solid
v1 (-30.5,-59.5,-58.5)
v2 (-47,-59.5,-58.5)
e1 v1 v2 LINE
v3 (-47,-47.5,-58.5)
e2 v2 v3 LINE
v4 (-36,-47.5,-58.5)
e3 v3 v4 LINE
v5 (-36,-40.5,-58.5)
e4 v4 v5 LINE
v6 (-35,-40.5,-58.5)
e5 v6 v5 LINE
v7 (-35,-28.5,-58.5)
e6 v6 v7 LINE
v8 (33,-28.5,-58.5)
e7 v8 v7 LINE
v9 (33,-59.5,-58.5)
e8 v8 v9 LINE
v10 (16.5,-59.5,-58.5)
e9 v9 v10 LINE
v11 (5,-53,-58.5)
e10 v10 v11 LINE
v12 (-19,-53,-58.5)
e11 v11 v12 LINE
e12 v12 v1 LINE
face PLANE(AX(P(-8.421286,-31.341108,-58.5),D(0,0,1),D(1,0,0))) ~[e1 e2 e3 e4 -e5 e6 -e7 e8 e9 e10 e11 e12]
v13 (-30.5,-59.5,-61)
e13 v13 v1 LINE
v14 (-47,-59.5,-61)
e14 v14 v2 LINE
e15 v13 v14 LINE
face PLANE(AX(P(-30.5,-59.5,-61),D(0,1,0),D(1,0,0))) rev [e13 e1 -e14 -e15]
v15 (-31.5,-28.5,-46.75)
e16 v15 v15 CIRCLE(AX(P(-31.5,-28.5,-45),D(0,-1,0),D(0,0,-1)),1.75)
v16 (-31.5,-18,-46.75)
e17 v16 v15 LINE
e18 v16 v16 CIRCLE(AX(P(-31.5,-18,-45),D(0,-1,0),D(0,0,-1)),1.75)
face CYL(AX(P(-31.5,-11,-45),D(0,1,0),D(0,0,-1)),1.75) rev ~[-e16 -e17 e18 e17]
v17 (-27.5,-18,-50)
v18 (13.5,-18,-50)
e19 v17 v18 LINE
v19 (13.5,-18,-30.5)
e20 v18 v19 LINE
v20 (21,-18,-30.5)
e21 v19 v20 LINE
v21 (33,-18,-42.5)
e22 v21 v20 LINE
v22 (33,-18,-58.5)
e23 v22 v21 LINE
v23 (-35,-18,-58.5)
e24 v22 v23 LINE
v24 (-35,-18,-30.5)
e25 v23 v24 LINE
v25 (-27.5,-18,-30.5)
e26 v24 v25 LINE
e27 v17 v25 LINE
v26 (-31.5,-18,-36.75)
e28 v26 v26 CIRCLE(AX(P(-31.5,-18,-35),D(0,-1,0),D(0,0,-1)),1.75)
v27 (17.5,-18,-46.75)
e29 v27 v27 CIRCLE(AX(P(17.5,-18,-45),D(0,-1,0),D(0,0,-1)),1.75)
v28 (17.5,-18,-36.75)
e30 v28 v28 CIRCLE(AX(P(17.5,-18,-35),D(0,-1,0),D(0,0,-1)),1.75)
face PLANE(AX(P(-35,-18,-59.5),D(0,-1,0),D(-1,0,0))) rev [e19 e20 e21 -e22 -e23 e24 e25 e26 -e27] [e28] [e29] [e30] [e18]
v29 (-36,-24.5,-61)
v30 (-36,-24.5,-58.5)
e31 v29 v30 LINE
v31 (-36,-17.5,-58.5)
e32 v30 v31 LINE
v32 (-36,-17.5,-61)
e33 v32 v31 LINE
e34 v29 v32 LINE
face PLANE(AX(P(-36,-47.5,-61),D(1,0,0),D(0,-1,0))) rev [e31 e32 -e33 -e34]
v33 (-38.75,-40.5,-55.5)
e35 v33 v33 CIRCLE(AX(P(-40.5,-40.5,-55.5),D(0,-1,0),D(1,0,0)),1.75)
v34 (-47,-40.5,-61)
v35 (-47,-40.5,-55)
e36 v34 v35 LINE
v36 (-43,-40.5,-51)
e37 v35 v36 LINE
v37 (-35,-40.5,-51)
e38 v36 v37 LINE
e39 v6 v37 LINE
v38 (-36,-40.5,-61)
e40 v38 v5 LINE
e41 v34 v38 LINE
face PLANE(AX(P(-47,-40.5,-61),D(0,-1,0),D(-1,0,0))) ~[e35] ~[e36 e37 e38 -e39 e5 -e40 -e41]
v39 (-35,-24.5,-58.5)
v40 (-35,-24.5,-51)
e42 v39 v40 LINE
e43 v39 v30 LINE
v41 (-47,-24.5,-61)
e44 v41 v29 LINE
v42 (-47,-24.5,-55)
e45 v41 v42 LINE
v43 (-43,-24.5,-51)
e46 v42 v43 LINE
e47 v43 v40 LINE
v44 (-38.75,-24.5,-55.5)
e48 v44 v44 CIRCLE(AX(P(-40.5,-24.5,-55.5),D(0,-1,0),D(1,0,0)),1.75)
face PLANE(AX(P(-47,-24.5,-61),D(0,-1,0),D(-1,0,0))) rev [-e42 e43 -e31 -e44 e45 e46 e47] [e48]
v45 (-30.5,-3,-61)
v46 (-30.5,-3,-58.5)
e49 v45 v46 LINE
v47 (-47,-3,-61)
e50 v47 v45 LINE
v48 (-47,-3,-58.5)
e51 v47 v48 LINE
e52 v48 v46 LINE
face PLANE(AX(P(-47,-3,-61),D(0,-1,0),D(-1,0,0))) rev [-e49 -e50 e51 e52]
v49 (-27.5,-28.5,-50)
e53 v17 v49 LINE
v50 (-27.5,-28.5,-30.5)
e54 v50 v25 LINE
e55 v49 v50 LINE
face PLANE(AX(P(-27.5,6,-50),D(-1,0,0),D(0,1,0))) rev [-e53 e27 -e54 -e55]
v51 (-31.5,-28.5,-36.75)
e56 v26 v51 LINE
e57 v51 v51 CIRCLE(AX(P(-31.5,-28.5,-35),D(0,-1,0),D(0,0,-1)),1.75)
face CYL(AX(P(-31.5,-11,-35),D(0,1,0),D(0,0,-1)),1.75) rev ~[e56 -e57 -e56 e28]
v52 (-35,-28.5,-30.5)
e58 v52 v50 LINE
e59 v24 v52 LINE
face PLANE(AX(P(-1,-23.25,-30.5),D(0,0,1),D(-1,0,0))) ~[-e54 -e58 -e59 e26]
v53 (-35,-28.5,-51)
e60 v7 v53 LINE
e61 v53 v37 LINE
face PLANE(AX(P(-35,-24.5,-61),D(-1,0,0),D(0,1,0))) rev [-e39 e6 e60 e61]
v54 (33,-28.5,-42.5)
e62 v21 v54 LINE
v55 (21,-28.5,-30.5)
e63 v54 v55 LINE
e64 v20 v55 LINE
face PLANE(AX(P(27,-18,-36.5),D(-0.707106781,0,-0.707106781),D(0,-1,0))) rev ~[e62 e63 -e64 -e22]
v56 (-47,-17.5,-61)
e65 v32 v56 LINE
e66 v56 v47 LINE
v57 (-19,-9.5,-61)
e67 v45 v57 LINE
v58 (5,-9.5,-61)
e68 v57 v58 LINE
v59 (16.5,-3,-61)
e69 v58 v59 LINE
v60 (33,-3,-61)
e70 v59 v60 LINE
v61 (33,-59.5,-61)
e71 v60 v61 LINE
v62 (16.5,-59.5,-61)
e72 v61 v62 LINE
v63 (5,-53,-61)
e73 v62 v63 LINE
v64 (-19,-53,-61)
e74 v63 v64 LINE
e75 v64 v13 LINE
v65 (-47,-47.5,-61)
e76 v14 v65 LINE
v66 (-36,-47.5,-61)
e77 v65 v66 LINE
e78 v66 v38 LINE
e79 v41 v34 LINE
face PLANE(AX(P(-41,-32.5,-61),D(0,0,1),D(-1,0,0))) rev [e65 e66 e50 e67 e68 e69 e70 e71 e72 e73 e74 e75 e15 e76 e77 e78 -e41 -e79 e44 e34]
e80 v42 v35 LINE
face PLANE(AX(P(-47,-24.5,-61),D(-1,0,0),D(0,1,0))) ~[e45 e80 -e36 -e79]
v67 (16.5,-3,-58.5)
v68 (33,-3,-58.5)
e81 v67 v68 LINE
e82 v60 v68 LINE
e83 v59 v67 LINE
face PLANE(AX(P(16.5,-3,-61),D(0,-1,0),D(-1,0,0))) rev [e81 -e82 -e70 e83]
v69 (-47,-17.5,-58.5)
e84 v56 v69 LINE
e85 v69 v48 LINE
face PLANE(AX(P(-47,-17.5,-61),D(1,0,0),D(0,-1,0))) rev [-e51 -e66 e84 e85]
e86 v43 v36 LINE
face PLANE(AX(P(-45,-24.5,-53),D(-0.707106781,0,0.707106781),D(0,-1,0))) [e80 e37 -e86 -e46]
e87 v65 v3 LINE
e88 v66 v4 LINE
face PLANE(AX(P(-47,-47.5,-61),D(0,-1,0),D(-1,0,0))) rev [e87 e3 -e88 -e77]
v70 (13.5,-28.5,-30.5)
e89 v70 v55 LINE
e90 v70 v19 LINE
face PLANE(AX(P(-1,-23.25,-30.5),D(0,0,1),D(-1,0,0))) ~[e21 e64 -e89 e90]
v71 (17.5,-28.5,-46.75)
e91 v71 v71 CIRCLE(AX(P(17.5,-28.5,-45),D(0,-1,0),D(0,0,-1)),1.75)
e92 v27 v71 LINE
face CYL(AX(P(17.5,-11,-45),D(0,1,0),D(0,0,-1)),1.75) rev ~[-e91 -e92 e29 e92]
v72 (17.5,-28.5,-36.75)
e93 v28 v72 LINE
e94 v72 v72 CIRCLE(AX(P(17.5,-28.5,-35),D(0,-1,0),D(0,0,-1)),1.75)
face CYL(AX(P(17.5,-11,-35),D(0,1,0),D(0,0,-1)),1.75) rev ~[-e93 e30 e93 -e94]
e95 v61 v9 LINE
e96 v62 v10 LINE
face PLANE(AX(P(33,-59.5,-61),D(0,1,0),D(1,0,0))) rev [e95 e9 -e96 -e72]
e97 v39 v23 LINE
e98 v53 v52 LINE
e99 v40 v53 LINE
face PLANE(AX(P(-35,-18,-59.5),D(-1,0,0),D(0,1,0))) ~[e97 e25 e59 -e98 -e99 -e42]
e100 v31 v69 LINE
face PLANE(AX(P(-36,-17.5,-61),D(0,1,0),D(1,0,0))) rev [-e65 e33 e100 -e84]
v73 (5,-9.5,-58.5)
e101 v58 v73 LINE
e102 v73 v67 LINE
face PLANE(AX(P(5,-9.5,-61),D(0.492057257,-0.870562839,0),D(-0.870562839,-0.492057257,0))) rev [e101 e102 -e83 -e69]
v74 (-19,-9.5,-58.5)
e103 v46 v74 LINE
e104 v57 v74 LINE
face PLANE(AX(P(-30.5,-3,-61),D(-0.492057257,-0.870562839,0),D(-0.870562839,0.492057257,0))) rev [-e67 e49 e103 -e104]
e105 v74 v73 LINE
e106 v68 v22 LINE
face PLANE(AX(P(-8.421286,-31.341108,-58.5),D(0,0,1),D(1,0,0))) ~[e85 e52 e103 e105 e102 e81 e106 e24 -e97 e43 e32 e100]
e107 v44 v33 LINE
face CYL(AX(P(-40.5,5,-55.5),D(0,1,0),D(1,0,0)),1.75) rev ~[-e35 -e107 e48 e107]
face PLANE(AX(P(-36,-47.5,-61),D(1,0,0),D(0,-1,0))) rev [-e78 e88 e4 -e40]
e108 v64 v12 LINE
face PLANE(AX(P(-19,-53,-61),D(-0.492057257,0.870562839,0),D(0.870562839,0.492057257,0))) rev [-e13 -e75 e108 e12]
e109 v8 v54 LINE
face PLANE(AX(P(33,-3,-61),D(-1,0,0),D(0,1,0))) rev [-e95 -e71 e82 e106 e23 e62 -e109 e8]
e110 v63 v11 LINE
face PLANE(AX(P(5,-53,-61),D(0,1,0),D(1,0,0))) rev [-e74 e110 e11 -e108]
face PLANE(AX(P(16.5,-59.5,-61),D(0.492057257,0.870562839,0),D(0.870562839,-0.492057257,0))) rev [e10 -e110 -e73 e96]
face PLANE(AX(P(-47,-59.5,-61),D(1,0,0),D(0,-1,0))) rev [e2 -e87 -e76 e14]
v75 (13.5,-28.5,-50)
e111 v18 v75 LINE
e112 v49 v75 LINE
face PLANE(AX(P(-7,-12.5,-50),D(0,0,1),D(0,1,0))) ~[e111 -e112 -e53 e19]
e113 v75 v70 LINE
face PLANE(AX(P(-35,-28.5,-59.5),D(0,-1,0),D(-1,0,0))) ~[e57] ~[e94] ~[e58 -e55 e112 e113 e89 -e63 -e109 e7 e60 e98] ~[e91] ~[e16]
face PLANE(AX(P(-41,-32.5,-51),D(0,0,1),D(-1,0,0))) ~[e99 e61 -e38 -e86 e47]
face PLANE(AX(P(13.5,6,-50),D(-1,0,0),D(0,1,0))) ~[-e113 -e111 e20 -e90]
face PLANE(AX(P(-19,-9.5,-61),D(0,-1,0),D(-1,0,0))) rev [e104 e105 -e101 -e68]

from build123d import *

# Parameters (mm, degrees)
CYLINDER016_R             = 1.75
CYLINDER016_DEPTH         = 70
CYLINDER016_ROLL_ANGLE    = -90
CYLINDER026_R             = 1.75
CYLINDER026_DEPTH         = 24.5
CYLINDER026_PITCH_ANGLE   = 90
CYLINDER027_R             = 3
CYLINDER027_DEPTH         = 21.5
CYLINDER027_PITCH_ANGLE   = 90
FUSION007_PITCH_ANGLE     = -90
FUSION007_PLACEMENT_ANGLE = -180
FUSION008_PITCH_ANGLE     = -90
FUSION008_PLACEMENT_ANGLE = -180
FUSION005_PITCH_ANGLE     = -90
FUSION005_PLACEMENT_ANGLE = -180
FUSION006_PITCH_ANGLE     = -90
FUSION006_PLACEMENT_ANGLE = -180
BOX021_W                  = 37
BOX021_H                  = 41
BOX021_DEPTH              = 25
BOX021_PITCH_ANGLE        = -90
BOX021_PLACEMENT_ANGLE    = -180
FUSION012_PITCH_ANGLE     = -90
FUSION012_PLACEMENT_ANGLE = -90
BOX007_W                  = 68
BOX007_H                  = 10.5
BOX007_DEPTH              = 29
CHAMFER_SIZE              = 12
BOX057_W                  = 12
BOX057_H                  = 16
BOX057_DEPTH              = 10
PAD005_DEPTH              = 2.5
CHAMFER009_SIZE           = 4


with BuildPart() as cylinder016:
    # Cylinder016 → Cylinder016 (new body)
    with BuildSketch(Plane.XY):
        Circle(CYLINDER016_R)
    extrude(amount=CYLINDER016_DEPTH)


with BuildPart() as cylinder016_1:
    # Cylinder016 roll: moved
    add(cylinder016.part.rotate(Axis((0, 0, 0), (1, 0, 0)), CYLINDER016_ROLL_ANGLE))


with BuildPart() as cylinder016_2:
    # Cylinder016 placement: moved
    add(cylinder016_1.part.moved(Location((-40.5, -5, -149.5))))


with BuildPart() as joint_d010:
    # Cylinder026 → Cylinder026 (new body)
    with BuildSketch(Plane.XY):
        Circle(CYLINDER026_R)
    extrude(amount=CYLINDER026_DEPTH)


with BuildPart() as joint_d010_1:
    # Cylinder026 pitch: moved
    add(joint_d010.part.rotate(Axis((0, 0, 0), (0, 1, 0)), CYLINDER026_PITCH_ANGLE))


with BuildPart() as joint_d010_2:
    # Cylinder026 placement: moved
    add(joint_d010_1.part.moved(Location((16, -24.5, 7))))


with BuildPart() as joint_d011:
    # Cylinder027 → Cylinder027 (new body)
    with BuildSketch(Plane.XY):
        Circle(CYLINDER027_R)
    extrude(amount=CYLINDER027_DEPTH)


with BuildPart() as joint_d011_1:
    # Cylinder027 pitch: moved
    add(joint_d011.part.rotate(Axis((0, 0, 0), (0, 1, 0)), CYLINDER027_PITCH_ANGLE))


with BuildPart() as joint_d011_2:
    # Cylinder027 placement: moved
    add(joint_d011_1.part.moved(Location((37, -24.5, 7))))


with BuildPart() as fusion007:
    # Fusion007 base: copy of Joint-D011
    add(joint_d011_2.part)

    # Fusion007: union Joint-D010
    add(joint_d010_2.part)


with BuildPart() as fusion007_1:
    # Fusion007 pitch: moved
    add(fusion007.part.rotate(Axis((0, 0, 0), (0, 1, 0)), FUSION007_PITCH_ANGLE))


with BuildPart() as fusion007_2:
    # Fusion007 placement: moved
    add(fusion007_1.part.moved(Location((-12, -39.5, 0))).rotate(Axis((-12, -39.5, 0), (0, 0, 1)), FUSION007_PLACEMENT_ANGLE))


with BuildPart() as fusion008:
    # Fusion008 base: copy of Joint-D011
    add(joint_d011_2.part)

    # Fusion008: union Joint-D010
    add(joint_d010_2.part)


with BuildPart() as fusion008_1:
    # Fusion008 pitch: moved
    add(fusion008.part.rotate(Axis((0, 0, 0), (0, 1, 0)), FUSION008_PITCH_ANGLE))


with BuildPart() as fusion008_2:
    # Fusion008 placement: moved
    add(fusion008_1.part.moved(Location((-2, -39.5, 0))).rotate(Axis((-2, -39.5, 0), (0, 0, 1)), FUSION008_PLACEMENT_ANGLE))


with BuildPart() as fusion005:
    # Fusion005 base: copy of Joint-D011
    add(joint_d011_2.part)

    # Fusion005: union Joint-D010
    add(joint_d010_2.part)


with BuildPart() as fusion005_1:
    # Fusion005 pitch: moved
    add(fusion005.part.rotate(Axis((0, 0, 0), (0, 1, 0)), FUSION005_PITCH_ANGLE))


with BuildPart() as fusion005_2:
    # Fusion005 placement: moved
    add(fusion005_1.part.moved(Location((-12, 9.5, 0))).rotate(Axis((-12, 9.5, 0), (0, 0, 1)), FUSION005_PLACEMENT_ANGLE))


with BuildPart() as fusion006:
    # Fusion006 base: copy of Joint-D011
    add(joint_d011_2.part)

    # Fusion006: union Joint-D010
    add(joint_d010_2.part)


with BuildPart() as fusion006_1:
    # Fusion006 pitch: moved
    add(fusion006.part.rotate(Axis((0, 0, 0), (0, 1, 0)), FUSION006_PITCH_ANGLE))


with BuildPart() as fusion006_2:
    # Fusion006 placement: moved
    add(fusion006_1.part.moved(Location((-2, 9.5, 0))).rotate(Axis((-2, 9.5, 0), (0, 0, 1)), FUSION006_PLACEMENT_ANGLE))


with BuildPart() as fusion012:
    # Box021 → Box021 (new body)
    with BuildSketch(Plane.XY):
        with Locations((18.5, 20.5)):
            Rectangle(BOX021_W, BOX021_H)
    extrude(amount=BOX021_DEPTH)


with BuildPart() as fusion012_1:
    # Box021 pitch: moved
    add(fusion012.part.rotate(Axis((0, 0, 0), (0, 1, 0)), BOX021_PITCH_ANGLE))


with BuildPart() as fusion012_2:
    # Box021 placement: moved
    add(fusion012_1.part.moved(Location((-10, 30, -1))).rotate(Axis((-10, 30, -1), (0, 0, 1)), BOX021_PLACEMENT_ANGLE))

    # Fusion012: union Fusion007, Fusion008, Fusion005, Fusion006
    add(fusion007_2.part)
    add(fusion008_2.part)
    add(fusion005_2.part)
    add(fusion006_2.part)


with BuildPart() as fusion012_3:
    # Fusion012 pitch: moved
    add(fusion012_2.part.rotate(Axis((0, 0, 0), (0, 1, 0)), FUSION012_PITCH_ANGLE))


with BuildPart() as fusion012_4:
    # Fusion012 placement: moved
    add(fusion012_3.part.moved(Location((-16.5, -5, -134))).rotate(Axis((-16.5, -5, -134), (0, 0, 1)), FUSION012_PLACEMENT_ANGLE))


with BuildPart() as chamfer_body:
    # Box007 → Box007 (new body)
    with BuildSketch(Plane(origin=(-35, 18, -153.5), x_dir=(1, 0, 0), z_dir=(0, 0, 1))):
        with Locations((34, 5.25)):
            Rectangle(BOX007_W, BOX007_H)
    extrude(amount=BOX007_DEPTH)

    # Chamfer
    chamfer_edges = [chamfer_body.edges().sort_by_distance(p)[0] for p in [
        (33, 23.25, -124.5),
    ]]
    chamfer(chamfer_edges, length=CHAMFER_SIZE)


with BuildPart() as cube060:
    # Box057 → Box057 (new body)
    with BuildSketch(Plane(origin=(-47, 24.5, -155), x_dir=(1, 0, 0), z_dir=(0, 0, 1))):
        with Locations((6, 8)):
            Rectangle(BOX057_W, BOX057_H)
    extrude(amount=BOX057_DEPTH)


with BuildPart() as chamfer009:
    # Sketch007 → Pad005 (new body)
    with BuildSketch(Plane(origin=(0, 0, -155), x_dir=(1, 0, 0), z_dir=(0, 0, -1))):
        Polygon((-47, -17.5), (-47, -3), (-30.5, -3), (-19, -9.5), (5, -9.5), (16.5, -3), (33, -3), (33, -59.5), (16.5, -59.5), (5, -53), (-19, -53), (-30.5, -59.5), (-47, -59.5), (-47, -47.5), (-36, -47.5), (-36, -17.5), align=None)
    extrude(amount=-PAD005_DEPTH)

    # Fusion: union Chamfer body, Cube060
    add(chamfer_body.part)
    add(cube060.part)

    # Cut083: cut Fusion012
    add(fusion012_4.part, mode=Mode.SUBTRACT)

    # Cut084: cut Cylinder016
    add(cylinder016_2.part, mode=Mode.SUBTRACT)

    # Chamfer009
    chamfer009_edges = [chamfer009.edges().sort_by_distance(p)[0] for p in [
        (-47, 32.5, -145),
    ]]
    chamfer(chamfer009_edges, length=CHAMFER009_SIZE)


with BuildPart() as chamfer009_1:
    # Chamfer009 placement: moved
    add(chamfer009.part.moved(Location((0, 0, 94))))


with BuildPart() as part_mirroring031:
    # Part__Mirroring031: instance of Chamfer009
    add(chamfer009_1.part.mirror(Plane(origin=(0, 0, 0), x_dir=(1, 0, 0), z_dir=(0, 1, 0))))


solid = part_mirroring031.part
